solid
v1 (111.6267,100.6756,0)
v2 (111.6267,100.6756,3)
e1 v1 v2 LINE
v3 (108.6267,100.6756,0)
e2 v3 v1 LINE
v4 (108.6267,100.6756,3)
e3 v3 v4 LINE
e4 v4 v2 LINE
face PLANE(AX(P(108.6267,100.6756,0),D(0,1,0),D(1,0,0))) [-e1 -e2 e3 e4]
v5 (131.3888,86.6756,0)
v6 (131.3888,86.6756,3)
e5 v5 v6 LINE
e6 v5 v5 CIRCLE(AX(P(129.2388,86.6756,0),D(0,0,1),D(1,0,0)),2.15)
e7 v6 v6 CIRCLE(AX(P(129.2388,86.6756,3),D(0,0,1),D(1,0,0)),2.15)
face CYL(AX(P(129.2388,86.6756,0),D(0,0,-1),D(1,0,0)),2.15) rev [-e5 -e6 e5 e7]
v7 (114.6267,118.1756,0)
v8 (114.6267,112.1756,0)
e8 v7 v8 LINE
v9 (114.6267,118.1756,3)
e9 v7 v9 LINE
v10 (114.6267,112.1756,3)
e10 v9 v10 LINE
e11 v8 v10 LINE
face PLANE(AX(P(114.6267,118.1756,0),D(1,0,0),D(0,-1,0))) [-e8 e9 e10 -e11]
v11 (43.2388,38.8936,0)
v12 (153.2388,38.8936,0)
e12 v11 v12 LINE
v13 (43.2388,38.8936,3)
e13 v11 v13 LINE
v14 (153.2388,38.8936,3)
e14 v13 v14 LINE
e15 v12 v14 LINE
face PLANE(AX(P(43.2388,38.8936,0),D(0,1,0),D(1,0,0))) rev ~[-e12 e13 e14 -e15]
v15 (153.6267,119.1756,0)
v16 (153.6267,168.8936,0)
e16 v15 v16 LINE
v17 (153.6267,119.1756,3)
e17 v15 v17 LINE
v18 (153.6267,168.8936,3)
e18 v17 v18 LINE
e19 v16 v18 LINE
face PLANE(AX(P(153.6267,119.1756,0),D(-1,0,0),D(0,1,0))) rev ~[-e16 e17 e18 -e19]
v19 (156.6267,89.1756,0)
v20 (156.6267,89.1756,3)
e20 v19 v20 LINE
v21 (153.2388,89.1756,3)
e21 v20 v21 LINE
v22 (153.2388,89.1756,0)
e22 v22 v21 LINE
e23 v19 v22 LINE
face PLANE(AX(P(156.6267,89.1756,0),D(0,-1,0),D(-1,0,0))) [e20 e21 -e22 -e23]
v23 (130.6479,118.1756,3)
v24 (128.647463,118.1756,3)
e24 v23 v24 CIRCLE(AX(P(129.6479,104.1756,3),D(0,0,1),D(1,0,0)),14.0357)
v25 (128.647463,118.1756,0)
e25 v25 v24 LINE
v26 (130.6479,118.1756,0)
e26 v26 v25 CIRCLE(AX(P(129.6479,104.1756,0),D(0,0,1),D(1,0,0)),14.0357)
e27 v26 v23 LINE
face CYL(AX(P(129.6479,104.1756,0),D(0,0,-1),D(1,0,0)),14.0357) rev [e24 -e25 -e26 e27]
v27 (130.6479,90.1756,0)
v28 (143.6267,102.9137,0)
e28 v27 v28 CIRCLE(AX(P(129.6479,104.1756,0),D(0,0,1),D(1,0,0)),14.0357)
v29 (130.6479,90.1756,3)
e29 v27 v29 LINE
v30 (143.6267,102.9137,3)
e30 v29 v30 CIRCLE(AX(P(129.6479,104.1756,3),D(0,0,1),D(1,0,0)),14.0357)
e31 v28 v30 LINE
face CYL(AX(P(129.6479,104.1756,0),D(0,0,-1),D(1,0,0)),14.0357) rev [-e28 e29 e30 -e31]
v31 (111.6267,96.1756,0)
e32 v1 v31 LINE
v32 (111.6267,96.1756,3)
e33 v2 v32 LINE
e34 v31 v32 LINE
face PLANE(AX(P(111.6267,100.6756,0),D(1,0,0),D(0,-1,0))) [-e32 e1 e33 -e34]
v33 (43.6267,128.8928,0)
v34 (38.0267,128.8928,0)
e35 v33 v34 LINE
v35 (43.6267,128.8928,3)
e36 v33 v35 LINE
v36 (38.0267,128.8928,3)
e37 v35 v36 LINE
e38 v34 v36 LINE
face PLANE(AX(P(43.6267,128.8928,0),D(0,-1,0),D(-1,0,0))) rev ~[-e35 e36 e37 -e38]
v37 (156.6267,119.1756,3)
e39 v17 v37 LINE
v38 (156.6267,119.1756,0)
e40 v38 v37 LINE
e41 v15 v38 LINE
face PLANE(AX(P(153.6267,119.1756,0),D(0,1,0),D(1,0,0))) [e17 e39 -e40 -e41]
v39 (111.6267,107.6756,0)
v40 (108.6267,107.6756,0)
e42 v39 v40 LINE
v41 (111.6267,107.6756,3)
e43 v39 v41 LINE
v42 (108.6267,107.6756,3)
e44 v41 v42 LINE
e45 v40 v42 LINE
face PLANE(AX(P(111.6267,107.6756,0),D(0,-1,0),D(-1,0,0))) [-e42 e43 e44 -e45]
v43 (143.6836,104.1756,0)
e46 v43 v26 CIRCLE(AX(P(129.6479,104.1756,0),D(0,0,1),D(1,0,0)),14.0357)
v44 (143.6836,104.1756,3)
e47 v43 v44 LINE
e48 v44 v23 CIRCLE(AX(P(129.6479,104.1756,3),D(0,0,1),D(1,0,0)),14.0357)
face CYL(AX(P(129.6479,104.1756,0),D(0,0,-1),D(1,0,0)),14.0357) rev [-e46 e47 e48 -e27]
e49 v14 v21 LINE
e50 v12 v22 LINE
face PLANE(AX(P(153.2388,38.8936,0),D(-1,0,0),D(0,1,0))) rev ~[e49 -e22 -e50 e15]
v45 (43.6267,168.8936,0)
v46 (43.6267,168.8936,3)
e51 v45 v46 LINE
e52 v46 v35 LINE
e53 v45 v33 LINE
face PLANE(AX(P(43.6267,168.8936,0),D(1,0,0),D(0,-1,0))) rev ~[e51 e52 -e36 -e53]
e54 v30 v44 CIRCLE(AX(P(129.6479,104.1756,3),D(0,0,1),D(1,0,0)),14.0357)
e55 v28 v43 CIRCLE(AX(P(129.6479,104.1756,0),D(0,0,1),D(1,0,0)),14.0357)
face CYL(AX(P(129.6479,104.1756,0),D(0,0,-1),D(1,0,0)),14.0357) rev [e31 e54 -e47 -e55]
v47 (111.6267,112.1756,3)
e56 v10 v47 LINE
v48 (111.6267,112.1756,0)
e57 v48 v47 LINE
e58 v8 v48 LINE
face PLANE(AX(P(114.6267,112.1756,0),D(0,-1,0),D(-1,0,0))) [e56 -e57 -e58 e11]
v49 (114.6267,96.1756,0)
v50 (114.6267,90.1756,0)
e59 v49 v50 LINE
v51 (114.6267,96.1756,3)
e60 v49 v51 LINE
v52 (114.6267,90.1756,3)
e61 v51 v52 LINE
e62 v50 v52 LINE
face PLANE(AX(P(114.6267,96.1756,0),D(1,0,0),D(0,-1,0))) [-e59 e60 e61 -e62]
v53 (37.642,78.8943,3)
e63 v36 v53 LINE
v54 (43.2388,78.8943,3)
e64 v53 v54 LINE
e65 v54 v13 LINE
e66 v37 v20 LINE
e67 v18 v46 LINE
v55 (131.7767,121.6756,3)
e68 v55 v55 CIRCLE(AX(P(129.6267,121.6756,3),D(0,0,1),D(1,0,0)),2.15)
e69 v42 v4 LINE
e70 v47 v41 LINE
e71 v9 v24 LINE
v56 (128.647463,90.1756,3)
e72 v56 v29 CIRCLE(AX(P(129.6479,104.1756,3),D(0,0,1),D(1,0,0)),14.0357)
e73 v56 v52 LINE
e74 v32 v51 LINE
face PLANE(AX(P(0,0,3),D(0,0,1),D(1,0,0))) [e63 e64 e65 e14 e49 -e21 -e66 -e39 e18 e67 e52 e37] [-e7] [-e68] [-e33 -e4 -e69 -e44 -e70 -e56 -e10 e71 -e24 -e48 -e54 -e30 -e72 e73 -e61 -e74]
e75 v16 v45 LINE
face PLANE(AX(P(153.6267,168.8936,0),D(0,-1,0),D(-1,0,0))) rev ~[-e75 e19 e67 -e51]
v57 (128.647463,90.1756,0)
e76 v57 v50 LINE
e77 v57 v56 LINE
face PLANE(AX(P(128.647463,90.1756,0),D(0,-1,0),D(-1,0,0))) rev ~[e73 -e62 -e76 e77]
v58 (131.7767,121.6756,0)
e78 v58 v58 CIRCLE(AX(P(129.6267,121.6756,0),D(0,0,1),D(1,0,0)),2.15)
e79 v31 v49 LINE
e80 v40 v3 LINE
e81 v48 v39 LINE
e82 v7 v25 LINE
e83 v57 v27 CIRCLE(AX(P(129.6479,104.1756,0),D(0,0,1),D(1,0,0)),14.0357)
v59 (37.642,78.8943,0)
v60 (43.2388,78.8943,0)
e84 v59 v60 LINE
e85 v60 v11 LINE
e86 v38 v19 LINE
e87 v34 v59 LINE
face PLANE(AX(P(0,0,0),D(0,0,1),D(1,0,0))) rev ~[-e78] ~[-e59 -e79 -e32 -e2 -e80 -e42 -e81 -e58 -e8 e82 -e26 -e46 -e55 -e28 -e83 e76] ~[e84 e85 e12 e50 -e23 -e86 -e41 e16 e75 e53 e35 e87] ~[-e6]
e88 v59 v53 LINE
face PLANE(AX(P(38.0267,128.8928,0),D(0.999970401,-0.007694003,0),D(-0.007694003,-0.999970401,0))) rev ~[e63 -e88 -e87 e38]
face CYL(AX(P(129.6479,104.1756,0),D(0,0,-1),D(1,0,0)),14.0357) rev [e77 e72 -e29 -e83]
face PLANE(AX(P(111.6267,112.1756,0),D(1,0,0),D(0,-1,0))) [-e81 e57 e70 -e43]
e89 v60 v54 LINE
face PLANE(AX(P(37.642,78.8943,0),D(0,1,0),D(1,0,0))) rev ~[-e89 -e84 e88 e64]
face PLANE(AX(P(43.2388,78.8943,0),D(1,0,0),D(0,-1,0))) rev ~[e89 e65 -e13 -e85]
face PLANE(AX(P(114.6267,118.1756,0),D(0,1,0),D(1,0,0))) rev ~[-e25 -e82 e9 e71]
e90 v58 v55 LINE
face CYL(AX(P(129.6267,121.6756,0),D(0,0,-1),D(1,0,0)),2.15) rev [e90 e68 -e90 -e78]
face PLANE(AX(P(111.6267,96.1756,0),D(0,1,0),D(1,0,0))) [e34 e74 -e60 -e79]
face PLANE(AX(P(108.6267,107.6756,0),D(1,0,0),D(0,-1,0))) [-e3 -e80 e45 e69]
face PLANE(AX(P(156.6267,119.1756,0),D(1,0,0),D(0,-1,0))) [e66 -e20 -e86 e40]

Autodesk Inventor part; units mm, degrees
ref_plane "YZ Plane" through (0, 0, 0) normal (1, 0, 0) x (0, 1, 0)
ref_plane "XZ Plane" through (0, 0, 0) normal (0, 1, 0) x (-1, 0, 0)
ref_plane "XY Plane" through (0, 0, 0) normal (0, 0, 1) x (1, 0, 0)
sketch "Sketch2" plane through (0, 0, 0) normal (0, 0, 1) x (1, 0, 0)
  line L0 (130.6479, 118.1756) -> (130.6479, 90.1756)
  circle A0 centre (129.6479, 104.1756) radius 14.0357
  line L1 (39.8344, 104.1756) -> (88.8344, 104.1756)
  line L2 (130.6479, 90.1756) -> (114.6267, 90.1756)
  line L3 (114.6267, 118.1756) -> (130.6479, 118.1756)
  arc A1 (143.6267, 102.9137) -> (130.6479, 118.1756) centre (129.6479, 104.1756) ccw
  arc A2 (130.6479, 90.1756) -> (143.6267, 102.9137) centre (129.6479, 104.1756) ccw
  line L4 (130.6479, 90.1756) -> (114.6267, 90.1756)
  line L5 (114.6267, 118.1756) -> (130.6479, 118.1756)
  line L6 (153.6267, 168.8936) -> (43.6267, 168.8936)
  line L7 (43.6267, 168.8936) -> (43.6267, 128.8928)
  line L8 (43.6267, 128.8928) -> (38.0267, 128.8928)
  line L9 (38.0267, 128.8928) -> (37.642, 78.8943)
  line L10 (37.642, 78.8943) -> (43.2388, 78.8943)
  line L11 (43.2388, 78.8943) -> (43.2388, 38.8936)
  line L12 (43.2388, 38.8936) -> (153.2388, 38.8936)
  line L13 (153.2388, 38.8936) -> (153.2388, 89.1756)
  line L14 (153.6267, 119.1756) -> (153.6267, 168.8936)
  line L15 (114.6267, 118.1756) -> (114.6267, 112.1756)
  line L16 (114.6267, 112.1756) -> (111.6267, 112.1756)
  line L17 (111.6267, 112.1756) -> (111.6267, 107.6756)
  line L18 (111.6267, 107.6756) -> (108.6267, 107.6756)
  line L19 (108.6267, 107.6756) -> (108.6267, 100.6756)
  line L20 (108.6267, 100.6756) -> (111.6267, 100.6756)
  line L21 (111.6267, 100.6756) -> (111.6267, 96.1756)
  line L22 (111.6267, 96.1756) -> (114.6267, 96.1756)
  line L23 (114.6267, 96.1756) -> (114.6267, 90.1756)
  line L24 (153.6267, 119.1756) -> (156.6267, 119.1756)
  line L25 (156.6267, 119.1756) -> (156.6267, 89.1756)
  line L26 (156.6267, 89.1756) -> (153.2388, 89.1756)
  circle A3 centre (129.2388, 86.6756) radius 2.15
  circle A4 centre (129.6267, 121.6756) radius 2.15
  point P0 (0, 0)
  point P1 (128.6479, 118.1756)
  point P2 (128.6479, 90.1756)
  point P3 (122.6373, 90.1756)
  point P4 (122.6373, 118.1756)
  dimension "d0" = 50
  dimension "d1" = 130
  dimension "d2" = 28.0713
  dimension "d3" = 7
  dimension "d4" = 3
  dimension "d5" = 6
  dimension "d6" = 6
  dimension "d7" = 110
  dimension "d8" = 110
  dimension "d9" = 5.6
  dimension "d10" = 3
  dimension "d11" = 32
  dimension "d13" = 10
  dimension "d14" = 30
  dimension "d15" = 3
  dimension "d18" = 28
  dimension "d28" = 4.3
  dimension "d29" = 24
  dimension "d30" = 3.5
  dimension "d31" = 4.3
  dimension "d32" = 24
  dimension "d33" = 3.5
ref_plane "Work Plane1" through (0, 0, 3) normal (0, 0, 1) x (1, 0, 0)
sketch "Sketch3" plane through (0, 0, 3) normal (0, 0, 1) x (1, 0, 0)
  circle A0 centre (56.2766, 49.819) radius 2.44
  circle A1 centre (70.2268, 49.819) radius 2.475
  circle A2 centre (83.2893, 49.819) radius 2.4
  circle A3 centre (93.7333, 49.819) radius 2.375
  circle A4 centre (104.7615, 49.819) radius 2.35
  circle A5 centre (116.1801, 49.819) radius 2.3
  circle A6 centre (127.2083, 49.819) radius 2.25
  point P0 (0, 0)
  dimension "d19" = 4.88
  dimension "d20" = 4.95
  dimension "d21" = 4.8
  dimension "d24" = 4.75
  dimension "d25" = 4.7
  dimension "d26" = 4.6
  dimension "d27" = 4.5
extrude "Extrusion3" add sketch "Sketch2" along normal blind 3
properties part number "MotorMountPlate"
